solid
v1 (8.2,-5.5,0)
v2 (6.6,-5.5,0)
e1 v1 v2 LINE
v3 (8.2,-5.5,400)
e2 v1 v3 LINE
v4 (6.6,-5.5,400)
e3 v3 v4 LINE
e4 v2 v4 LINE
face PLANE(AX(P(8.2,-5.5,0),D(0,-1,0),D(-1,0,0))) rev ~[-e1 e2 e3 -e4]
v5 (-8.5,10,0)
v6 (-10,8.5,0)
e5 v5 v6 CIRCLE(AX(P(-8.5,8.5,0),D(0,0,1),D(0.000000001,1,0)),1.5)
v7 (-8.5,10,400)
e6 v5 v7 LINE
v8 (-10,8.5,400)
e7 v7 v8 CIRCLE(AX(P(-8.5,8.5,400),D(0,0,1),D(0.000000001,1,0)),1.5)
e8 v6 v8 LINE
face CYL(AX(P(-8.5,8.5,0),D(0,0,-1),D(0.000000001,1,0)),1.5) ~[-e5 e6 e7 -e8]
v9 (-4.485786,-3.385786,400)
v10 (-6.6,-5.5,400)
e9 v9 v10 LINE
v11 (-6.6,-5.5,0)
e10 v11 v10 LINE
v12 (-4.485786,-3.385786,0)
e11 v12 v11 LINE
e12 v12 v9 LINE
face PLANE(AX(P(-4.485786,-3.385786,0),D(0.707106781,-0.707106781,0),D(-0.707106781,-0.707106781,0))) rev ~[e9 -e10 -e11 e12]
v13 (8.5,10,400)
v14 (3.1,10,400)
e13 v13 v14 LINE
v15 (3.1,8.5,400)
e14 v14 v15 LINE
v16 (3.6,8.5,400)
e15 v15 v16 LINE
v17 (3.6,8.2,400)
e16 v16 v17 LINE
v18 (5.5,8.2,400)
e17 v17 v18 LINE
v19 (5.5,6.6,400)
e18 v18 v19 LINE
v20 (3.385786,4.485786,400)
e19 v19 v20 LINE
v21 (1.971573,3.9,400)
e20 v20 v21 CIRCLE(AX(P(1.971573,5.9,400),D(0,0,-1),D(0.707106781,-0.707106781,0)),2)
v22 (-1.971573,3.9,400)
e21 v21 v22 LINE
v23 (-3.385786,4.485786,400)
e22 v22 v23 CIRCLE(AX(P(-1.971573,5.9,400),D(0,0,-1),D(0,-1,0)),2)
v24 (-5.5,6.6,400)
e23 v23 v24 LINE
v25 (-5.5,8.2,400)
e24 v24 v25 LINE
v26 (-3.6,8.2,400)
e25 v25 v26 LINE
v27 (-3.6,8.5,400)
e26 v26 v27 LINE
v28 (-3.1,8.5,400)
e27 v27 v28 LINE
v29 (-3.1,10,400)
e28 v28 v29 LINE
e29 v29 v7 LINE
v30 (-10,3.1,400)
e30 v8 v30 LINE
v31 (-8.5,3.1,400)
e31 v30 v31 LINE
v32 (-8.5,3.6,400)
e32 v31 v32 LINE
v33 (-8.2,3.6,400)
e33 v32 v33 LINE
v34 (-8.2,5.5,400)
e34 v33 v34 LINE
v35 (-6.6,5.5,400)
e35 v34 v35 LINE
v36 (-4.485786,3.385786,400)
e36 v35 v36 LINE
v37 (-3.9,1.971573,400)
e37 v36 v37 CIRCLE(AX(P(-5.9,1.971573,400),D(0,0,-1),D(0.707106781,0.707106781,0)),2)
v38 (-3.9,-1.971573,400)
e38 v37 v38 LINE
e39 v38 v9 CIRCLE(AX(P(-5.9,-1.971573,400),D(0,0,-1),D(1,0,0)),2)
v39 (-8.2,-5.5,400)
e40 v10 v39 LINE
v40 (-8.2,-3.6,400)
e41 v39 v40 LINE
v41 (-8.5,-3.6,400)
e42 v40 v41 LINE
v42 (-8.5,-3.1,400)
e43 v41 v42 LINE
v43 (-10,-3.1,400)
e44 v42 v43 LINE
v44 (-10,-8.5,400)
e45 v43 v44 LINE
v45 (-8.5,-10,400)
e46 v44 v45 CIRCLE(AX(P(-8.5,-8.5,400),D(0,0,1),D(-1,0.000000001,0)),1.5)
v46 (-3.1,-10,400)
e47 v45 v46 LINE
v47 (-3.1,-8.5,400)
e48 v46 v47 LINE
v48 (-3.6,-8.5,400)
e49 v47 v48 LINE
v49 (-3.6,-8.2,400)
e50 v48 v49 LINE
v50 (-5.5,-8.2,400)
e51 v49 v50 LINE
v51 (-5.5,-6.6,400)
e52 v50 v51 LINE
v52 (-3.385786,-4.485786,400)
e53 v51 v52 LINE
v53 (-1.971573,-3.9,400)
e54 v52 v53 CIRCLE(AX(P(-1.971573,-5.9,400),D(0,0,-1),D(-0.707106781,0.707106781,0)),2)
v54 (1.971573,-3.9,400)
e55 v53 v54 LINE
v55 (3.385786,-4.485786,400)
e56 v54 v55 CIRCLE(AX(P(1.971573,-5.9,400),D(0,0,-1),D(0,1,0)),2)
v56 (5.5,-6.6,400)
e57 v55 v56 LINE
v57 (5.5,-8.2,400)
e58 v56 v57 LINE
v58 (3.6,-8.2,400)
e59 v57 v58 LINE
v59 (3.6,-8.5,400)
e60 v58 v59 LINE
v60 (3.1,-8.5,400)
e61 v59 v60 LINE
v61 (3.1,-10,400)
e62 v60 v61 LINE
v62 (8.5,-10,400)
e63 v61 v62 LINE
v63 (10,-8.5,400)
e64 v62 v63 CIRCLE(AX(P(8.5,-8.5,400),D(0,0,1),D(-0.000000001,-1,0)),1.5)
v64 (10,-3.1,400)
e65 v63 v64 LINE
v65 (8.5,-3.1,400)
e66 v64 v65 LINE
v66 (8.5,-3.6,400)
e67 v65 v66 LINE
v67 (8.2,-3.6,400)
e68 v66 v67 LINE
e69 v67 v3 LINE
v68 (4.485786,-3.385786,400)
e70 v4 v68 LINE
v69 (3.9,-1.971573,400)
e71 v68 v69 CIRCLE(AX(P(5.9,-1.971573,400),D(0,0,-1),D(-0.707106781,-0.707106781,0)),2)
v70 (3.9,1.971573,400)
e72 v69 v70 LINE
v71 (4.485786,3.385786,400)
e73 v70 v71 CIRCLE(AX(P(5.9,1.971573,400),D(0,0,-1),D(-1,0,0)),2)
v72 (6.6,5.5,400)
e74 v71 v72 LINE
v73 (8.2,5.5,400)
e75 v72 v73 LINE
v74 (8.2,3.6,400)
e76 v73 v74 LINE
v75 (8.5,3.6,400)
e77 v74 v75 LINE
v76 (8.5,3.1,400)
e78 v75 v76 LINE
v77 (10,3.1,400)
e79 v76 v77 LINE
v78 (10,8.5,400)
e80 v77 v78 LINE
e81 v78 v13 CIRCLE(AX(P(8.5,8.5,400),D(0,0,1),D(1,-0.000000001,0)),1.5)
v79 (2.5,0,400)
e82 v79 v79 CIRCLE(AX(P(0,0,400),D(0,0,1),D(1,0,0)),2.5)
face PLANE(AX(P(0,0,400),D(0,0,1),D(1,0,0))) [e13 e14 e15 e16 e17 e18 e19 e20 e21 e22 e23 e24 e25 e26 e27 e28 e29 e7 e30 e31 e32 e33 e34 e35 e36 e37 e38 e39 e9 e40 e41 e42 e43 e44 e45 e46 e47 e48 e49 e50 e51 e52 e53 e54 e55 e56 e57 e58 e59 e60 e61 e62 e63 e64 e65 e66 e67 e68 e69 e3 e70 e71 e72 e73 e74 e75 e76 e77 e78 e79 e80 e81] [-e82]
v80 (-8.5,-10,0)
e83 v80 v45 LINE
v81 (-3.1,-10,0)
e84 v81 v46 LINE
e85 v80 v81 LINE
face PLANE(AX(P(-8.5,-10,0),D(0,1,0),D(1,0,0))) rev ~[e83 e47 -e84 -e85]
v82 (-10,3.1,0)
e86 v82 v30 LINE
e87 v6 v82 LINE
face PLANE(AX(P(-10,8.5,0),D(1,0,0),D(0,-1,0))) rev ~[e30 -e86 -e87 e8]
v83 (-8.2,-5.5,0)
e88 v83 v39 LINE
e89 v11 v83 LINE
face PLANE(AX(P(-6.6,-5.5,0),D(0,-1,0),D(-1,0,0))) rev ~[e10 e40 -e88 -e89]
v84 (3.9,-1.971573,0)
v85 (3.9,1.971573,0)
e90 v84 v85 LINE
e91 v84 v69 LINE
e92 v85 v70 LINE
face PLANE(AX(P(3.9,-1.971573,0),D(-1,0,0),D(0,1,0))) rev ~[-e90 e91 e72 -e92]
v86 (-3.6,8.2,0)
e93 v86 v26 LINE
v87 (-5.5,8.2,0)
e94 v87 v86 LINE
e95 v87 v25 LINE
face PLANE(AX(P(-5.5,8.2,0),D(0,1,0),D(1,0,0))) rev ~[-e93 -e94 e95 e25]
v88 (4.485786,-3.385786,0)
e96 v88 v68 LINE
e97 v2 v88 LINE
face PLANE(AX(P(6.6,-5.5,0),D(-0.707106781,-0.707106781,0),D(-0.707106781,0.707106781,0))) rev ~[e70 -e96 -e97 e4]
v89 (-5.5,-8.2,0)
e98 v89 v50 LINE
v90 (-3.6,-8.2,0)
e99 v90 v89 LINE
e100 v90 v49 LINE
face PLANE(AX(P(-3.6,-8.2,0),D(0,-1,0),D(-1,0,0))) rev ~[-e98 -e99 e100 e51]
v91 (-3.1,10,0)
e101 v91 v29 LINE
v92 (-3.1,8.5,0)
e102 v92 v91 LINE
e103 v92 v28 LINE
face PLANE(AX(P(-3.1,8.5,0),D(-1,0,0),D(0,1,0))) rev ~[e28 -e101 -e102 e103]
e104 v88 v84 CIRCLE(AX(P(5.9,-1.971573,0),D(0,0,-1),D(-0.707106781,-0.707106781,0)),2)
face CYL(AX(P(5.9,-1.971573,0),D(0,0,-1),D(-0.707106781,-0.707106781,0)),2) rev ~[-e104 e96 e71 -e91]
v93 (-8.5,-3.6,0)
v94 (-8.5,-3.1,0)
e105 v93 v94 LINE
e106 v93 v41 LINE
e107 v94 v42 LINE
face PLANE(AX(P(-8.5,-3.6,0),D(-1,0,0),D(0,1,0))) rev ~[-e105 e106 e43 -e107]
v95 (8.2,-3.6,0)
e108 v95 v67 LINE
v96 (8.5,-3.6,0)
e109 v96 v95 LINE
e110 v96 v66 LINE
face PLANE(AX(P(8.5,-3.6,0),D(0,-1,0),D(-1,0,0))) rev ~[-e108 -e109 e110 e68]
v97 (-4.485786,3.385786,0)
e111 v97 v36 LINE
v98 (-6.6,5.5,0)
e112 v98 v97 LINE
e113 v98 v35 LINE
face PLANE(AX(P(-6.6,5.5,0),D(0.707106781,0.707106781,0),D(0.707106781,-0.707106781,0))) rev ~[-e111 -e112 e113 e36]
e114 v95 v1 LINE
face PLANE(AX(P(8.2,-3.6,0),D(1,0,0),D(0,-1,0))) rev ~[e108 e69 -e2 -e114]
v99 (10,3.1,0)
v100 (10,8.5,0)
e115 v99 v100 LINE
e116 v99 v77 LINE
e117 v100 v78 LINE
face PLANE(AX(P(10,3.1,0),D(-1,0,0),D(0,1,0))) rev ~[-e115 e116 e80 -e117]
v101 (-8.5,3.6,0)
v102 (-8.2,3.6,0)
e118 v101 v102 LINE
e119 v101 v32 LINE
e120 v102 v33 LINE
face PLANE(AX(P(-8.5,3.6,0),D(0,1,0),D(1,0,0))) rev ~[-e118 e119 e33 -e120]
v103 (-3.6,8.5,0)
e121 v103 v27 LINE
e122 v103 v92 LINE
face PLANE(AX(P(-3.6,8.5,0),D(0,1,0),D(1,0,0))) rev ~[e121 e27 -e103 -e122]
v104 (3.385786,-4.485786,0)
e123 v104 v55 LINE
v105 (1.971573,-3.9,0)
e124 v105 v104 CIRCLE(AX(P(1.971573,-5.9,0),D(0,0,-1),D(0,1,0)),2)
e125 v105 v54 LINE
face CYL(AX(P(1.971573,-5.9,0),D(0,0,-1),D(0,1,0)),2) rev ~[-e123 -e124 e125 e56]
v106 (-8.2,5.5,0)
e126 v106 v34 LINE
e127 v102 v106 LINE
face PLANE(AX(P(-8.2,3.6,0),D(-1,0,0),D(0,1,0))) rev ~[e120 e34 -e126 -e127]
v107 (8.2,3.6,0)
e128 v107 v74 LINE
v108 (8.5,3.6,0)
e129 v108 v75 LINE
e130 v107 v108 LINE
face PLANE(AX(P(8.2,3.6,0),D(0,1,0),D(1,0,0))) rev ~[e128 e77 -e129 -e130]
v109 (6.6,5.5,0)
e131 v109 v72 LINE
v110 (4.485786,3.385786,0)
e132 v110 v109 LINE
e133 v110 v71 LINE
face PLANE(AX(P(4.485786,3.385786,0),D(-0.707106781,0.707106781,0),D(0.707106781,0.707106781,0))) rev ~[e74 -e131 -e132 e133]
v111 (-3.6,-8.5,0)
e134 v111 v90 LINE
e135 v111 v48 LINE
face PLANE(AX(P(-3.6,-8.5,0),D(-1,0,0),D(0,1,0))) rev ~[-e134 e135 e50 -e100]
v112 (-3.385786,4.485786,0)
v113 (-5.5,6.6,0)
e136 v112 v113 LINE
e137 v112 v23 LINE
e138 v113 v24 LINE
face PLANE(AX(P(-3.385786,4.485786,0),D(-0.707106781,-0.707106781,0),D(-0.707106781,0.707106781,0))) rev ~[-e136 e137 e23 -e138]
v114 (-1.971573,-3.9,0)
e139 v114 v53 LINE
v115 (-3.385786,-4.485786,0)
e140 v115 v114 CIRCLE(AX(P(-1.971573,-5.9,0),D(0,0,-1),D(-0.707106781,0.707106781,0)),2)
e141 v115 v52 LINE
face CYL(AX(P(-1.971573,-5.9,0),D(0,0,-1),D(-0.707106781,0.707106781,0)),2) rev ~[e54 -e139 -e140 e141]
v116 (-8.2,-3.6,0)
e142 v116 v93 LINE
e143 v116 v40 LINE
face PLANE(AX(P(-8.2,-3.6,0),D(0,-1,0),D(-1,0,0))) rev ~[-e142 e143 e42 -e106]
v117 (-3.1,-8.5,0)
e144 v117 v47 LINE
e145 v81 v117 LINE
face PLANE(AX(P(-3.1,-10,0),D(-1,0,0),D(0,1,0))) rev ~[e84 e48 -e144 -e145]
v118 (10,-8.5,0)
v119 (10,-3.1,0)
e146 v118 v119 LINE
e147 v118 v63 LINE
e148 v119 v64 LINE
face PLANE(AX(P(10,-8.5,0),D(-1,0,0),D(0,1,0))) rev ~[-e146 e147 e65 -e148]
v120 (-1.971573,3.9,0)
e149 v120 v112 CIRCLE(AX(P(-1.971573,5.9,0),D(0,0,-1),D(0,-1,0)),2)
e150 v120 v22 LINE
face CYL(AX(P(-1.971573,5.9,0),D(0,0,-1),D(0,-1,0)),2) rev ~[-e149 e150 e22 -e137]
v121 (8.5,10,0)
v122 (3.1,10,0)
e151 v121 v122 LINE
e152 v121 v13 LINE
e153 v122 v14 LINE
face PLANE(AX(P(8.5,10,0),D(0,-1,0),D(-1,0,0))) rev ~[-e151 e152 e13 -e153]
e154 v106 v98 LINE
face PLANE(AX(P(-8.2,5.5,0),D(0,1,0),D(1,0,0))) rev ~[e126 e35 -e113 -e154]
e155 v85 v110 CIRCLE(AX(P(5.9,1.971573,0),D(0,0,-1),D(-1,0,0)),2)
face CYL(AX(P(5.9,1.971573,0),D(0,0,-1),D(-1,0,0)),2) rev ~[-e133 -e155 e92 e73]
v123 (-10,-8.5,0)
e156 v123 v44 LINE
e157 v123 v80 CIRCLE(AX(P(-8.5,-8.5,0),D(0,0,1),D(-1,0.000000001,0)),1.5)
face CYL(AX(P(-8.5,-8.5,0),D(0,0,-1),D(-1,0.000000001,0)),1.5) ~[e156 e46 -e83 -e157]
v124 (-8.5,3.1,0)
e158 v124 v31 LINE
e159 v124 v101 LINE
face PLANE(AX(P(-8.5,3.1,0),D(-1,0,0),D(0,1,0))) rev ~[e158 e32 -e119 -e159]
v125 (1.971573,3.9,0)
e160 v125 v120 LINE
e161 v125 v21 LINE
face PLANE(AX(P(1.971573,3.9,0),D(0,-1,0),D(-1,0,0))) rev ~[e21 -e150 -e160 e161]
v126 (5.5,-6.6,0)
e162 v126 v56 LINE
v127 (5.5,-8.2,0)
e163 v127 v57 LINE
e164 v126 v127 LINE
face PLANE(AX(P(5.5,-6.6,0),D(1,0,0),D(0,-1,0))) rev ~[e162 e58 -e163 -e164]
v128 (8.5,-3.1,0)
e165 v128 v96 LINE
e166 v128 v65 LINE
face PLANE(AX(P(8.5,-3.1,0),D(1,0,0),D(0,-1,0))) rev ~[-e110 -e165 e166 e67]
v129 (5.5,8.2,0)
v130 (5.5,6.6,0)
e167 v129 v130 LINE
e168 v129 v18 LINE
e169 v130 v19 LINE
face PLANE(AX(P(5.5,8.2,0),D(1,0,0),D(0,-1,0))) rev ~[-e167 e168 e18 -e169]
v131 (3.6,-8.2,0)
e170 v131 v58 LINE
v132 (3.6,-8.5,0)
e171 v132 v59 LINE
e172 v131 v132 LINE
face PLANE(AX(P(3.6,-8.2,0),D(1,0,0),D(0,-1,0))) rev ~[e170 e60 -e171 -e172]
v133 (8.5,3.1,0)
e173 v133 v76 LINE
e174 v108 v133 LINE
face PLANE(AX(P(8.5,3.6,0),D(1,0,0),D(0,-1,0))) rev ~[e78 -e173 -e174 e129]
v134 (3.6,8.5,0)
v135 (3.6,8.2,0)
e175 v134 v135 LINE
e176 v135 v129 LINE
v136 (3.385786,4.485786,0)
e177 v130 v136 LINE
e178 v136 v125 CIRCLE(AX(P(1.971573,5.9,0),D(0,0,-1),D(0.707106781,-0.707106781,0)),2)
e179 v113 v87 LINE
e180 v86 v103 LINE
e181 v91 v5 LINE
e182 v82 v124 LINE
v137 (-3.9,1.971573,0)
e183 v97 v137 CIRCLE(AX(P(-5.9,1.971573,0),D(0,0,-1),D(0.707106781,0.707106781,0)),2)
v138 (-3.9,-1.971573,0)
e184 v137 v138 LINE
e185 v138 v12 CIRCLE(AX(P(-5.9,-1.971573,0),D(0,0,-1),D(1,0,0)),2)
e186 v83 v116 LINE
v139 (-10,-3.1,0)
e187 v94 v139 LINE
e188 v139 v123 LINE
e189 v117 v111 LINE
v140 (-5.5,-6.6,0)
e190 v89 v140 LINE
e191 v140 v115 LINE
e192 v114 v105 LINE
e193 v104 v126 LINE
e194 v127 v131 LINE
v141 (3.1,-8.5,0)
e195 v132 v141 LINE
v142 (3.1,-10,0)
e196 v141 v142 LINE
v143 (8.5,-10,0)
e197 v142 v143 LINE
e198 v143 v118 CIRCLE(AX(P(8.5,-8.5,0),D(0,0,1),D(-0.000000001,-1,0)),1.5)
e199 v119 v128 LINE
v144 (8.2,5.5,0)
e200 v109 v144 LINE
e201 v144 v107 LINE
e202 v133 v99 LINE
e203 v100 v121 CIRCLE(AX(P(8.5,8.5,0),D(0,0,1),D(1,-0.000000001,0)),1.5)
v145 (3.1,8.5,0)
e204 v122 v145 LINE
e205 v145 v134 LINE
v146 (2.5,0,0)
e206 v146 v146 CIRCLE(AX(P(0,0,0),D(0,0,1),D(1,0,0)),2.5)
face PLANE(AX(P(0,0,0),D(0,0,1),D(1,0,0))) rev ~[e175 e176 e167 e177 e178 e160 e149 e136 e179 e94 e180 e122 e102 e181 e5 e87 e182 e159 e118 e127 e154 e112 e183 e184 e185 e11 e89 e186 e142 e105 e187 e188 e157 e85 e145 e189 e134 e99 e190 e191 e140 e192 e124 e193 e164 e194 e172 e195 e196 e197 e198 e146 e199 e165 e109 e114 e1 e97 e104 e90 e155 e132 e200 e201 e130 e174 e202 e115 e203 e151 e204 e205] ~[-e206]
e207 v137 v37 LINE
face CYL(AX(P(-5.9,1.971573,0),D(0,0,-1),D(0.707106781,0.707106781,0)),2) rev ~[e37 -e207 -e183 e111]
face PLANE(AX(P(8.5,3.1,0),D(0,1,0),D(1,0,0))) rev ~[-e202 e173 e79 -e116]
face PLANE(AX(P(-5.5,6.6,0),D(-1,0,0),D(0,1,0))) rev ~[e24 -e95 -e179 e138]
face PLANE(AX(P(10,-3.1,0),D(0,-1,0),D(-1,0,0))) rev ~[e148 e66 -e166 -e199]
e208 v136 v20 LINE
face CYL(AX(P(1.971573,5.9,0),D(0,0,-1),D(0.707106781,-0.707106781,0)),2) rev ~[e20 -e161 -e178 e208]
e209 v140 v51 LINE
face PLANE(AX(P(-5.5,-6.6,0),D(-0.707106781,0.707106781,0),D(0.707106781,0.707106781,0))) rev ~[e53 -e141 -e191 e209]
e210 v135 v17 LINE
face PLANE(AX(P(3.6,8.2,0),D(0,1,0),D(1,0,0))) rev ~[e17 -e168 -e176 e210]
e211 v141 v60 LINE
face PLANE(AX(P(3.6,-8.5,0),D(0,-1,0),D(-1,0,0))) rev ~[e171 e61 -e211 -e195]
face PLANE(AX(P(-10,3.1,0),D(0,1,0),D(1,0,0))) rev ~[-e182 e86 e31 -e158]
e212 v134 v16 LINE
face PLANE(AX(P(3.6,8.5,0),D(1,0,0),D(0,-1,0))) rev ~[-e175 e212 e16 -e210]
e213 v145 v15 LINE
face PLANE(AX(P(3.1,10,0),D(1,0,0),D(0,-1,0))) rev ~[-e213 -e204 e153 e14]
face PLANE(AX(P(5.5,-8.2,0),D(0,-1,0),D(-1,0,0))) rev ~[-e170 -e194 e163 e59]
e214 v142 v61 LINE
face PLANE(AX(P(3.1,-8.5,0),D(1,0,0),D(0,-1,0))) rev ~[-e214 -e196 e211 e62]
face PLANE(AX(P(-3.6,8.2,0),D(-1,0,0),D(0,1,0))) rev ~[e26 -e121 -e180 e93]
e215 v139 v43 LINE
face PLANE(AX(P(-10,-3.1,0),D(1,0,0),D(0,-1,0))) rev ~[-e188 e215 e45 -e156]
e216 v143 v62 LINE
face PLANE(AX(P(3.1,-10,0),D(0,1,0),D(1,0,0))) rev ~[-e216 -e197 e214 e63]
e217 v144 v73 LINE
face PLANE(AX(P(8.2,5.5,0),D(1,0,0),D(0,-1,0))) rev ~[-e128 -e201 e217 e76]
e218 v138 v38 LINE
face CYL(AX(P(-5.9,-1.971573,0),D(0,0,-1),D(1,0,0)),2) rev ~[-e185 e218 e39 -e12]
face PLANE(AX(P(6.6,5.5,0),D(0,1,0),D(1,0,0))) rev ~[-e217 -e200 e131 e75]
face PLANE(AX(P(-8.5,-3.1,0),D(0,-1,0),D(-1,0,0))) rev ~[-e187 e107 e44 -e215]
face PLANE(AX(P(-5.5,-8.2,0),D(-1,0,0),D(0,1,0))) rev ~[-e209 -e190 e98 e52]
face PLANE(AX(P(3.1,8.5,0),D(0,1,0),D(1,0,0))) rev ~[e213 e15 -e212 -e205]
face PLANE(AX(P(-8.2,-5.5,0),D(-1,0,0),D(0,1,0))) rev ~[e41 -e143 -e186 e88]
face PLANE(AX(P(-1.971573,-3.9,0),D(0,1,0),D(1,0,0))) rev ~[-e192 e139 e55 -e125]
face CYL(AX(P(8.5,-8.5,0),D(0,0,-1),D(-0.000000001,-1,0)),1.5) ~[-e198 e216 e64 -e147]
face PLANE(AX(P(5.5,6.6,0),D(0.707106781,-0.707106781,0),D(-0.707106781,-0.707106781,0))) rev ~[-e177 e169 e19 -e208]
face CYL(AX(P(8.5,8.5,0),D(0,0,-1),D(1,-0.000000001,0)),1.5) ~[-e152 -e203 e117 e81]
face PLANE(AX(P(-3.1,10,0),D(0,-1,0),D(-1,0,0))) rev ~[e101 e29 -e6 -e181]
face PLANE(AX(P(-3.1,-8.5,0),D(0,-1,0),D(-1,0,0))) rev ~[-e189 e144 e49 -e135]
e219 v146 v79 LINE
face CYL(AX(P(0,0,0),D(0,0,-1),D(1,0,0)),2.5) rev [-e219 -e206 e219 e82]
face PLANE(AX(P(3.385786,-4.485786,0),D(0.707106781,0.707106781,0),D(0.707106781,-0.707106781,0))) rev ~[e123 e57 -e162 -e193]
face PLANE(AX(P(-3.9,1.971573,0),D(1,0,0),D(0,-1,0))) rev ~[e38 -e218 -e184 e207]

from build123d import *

# Parameters (mm, degrees)
SKETCH1_R           = 2.5
BOSS_EXTRUDE1_DEPTH = 400


with BuildPart() as part:
    # Sketch1 → Boss-Extrude1 (new body)
    with BuildSketch(Plane.XY):
        with BuildLine():
            Line((1.971572875, 3.9), (-1.971572875, 3.9))
            ThreePointArc((-1.971572875, 3.9), (-2.73693974, 4.052240935), (-3.385786438, 4.485786438))
            Line((-3.385786438, 4.485786438), (-5.5, 6.6))
            Line((-5.5, 6.6), (-5.5, 8.2))
            Line((-5.5, 8.2), (-3.6, 8.2))
            Line((-3.6, 8.2), (-3.6, 8.5))
            Line((-3.6, 8.5), (-3.1, 8.5))
            Line((-3.1, 8.5), (-3.1, 10))
            Line((-3.1, 10), (-8.5, 10))
            ThreePointArc((-8.5, 10), (-9.560660172, 9.560660172), (-10, 8.5))
            Line((-10, 8.5), (-10, 3.1))
            Line((-10, 3.1), (-8.5, 3.1))
            Line((-8.5, 3.1), (-8.5, 3.6))
            Line((-8.5, 3.6), (-8.2, 3.6))
            Line((-8.2, 3.6), (-8.2, 5.5))
            Line((-8.2, 5.5), (-6.6, 5.5))
            Line((-6.6, 5.5), (-4.485786438, 3.385786438))
            ThreePointArc((-4.485786438, 3.385786438), (-4.052240935, 2.73693974), (-3.9, 1.971572875))
            Line((-3.9, 1.971572875), (-3.9, -1.971572875))
            ThreePointArc((-3.9, -1.971572875), (-4.052240935, -2.73693974), (-4.485786438, -3.385786438))
            Line((-4.485786438, -3.385786438), (-6.6, -5.5))
            Line((-6.6, -5.5), (-8.2, -5.5))
            Line((-8.2, -5.5), (-8.2, -3.6))
            Line((-8.2, -3.6), (-8.5, -3.6))
            Line((-8.5, -3.6), (-8.5, -3.1))
            Line((-8.5, -3.1), (-10, -3.1))
            Line((-10, -3.1), (-10, -8.5))
            ThreePointArc((-10, -8.5), (-9.560660172, -9.560660172), (-8.5, -10))
            Line((-8.5, -10), (-3.1, -10))
            Line((-3.1, -10), (-3.1, -8.5))
            Line((-3.1, -8.5), (-3.6, -8.5))
            Line((-3.6, -8.5), (-3.6, -8.2))
            Line((-3.6, -8.2), (-5.5, -8.2))
            Line((-5.5, -8.2), (-5.5, -6.6))
            Line((-5.5, -6.6), (-3.385786438, -4.485786438))
            ThreePointArc((-3.385786438, -4.485786438), (-2.73693974, -4.052240935), (-1.971572875, -3.9))
            Line((-1.971572875, -3.9), (1.971572875, -3.9))
            ThreePointArc((1.971572875, -3.9), (2.73693974, -4.052240935), (3.385786438, -4.485786438))
            Line((3.385786438, -4.485786438), (5.5, -6.6))
            Line((5.5, -6.6), (5.5, -8.2))
            Line((5.5, -8.2), (3.6, -8.2))
            Line((3.6, -8.2), (3.6, -8.5))
            Line((3.6, -8.5), (3.1, -8.5))
            Line((3.1, -8.5), (3.1, -10))
            Line((3.1, -10), (8.5, -10))
            ThreePointArc((8.5, -10), (9.560660172, -9.560660172), (10, -8.5))
            Line((10, -8.5), (10, -3.1))
            Line((10, -3.1), (8.5, -3.1))
            Line((8.5, -3.1), (8.5, -3.6))
            Line((8.5, -3.6), (8.2, -3.6))
            Line((8.2, -3.6), (8.2, -5.5))
            Line((8.2, -5.5), (6.6, -5.5))
            Line((6.6, -5.5), (4.485786438, -3.385786438))
            ThreePointArc((4.485786438, -3.385786438), (4.052240935, -2.73693974), (3.9, -1.971572875))
            Line((3.9, -1.971572875), (3.9, 1.971572875))
            ThreePointArc((3.9, 1.971572875), (4.052240935, 2.73693974), (4.485786438, 3.385786438))
            Line((4.485786438, 3.385786438), (6.6, 5.5))
            Line((6.6, 5.5), (8.2, 5.5))
            Line((8.2, 5.5), (8.2, 3.6))
            Line((8.2, 3.6), (8.5, 3.6))
            Line((8.5, 3.6), (8.5, 3.1))
            Line((8.5, 3.1), (10, 3.1))
            Line((10, 3.1), (10, 8.5))
            ThreePointArc((10, 8.5), (9.560660172, 9.560660172), (8.5, 10))
            Line((8.5, 10), (3.1, 10))
            Line((3.1, 10), (3.1, 8.5))
            Line((3.1, 8.5), (3.6, 8.5))
            Line((3.6, 8.5), (3.6, 8.2))
            Line((3.6, 8.2), (5.5, 8.2))
            Line((5.5, 8.2), (5.5, 6.6))
            Line((5.5, 6.6), (3.385786438, 4.485786438))
            ThreePointArc((3.385786438, 4.485786438), (2.73693974, 4.052240935), (1.971572875, 3.9))
        make_face()
        Circle(SKETCH1_R, mode=Mode.SUBTRACT)
    extrude(amount=BOSS_EXTRUDE1_DEPTH)


solid = part.part
